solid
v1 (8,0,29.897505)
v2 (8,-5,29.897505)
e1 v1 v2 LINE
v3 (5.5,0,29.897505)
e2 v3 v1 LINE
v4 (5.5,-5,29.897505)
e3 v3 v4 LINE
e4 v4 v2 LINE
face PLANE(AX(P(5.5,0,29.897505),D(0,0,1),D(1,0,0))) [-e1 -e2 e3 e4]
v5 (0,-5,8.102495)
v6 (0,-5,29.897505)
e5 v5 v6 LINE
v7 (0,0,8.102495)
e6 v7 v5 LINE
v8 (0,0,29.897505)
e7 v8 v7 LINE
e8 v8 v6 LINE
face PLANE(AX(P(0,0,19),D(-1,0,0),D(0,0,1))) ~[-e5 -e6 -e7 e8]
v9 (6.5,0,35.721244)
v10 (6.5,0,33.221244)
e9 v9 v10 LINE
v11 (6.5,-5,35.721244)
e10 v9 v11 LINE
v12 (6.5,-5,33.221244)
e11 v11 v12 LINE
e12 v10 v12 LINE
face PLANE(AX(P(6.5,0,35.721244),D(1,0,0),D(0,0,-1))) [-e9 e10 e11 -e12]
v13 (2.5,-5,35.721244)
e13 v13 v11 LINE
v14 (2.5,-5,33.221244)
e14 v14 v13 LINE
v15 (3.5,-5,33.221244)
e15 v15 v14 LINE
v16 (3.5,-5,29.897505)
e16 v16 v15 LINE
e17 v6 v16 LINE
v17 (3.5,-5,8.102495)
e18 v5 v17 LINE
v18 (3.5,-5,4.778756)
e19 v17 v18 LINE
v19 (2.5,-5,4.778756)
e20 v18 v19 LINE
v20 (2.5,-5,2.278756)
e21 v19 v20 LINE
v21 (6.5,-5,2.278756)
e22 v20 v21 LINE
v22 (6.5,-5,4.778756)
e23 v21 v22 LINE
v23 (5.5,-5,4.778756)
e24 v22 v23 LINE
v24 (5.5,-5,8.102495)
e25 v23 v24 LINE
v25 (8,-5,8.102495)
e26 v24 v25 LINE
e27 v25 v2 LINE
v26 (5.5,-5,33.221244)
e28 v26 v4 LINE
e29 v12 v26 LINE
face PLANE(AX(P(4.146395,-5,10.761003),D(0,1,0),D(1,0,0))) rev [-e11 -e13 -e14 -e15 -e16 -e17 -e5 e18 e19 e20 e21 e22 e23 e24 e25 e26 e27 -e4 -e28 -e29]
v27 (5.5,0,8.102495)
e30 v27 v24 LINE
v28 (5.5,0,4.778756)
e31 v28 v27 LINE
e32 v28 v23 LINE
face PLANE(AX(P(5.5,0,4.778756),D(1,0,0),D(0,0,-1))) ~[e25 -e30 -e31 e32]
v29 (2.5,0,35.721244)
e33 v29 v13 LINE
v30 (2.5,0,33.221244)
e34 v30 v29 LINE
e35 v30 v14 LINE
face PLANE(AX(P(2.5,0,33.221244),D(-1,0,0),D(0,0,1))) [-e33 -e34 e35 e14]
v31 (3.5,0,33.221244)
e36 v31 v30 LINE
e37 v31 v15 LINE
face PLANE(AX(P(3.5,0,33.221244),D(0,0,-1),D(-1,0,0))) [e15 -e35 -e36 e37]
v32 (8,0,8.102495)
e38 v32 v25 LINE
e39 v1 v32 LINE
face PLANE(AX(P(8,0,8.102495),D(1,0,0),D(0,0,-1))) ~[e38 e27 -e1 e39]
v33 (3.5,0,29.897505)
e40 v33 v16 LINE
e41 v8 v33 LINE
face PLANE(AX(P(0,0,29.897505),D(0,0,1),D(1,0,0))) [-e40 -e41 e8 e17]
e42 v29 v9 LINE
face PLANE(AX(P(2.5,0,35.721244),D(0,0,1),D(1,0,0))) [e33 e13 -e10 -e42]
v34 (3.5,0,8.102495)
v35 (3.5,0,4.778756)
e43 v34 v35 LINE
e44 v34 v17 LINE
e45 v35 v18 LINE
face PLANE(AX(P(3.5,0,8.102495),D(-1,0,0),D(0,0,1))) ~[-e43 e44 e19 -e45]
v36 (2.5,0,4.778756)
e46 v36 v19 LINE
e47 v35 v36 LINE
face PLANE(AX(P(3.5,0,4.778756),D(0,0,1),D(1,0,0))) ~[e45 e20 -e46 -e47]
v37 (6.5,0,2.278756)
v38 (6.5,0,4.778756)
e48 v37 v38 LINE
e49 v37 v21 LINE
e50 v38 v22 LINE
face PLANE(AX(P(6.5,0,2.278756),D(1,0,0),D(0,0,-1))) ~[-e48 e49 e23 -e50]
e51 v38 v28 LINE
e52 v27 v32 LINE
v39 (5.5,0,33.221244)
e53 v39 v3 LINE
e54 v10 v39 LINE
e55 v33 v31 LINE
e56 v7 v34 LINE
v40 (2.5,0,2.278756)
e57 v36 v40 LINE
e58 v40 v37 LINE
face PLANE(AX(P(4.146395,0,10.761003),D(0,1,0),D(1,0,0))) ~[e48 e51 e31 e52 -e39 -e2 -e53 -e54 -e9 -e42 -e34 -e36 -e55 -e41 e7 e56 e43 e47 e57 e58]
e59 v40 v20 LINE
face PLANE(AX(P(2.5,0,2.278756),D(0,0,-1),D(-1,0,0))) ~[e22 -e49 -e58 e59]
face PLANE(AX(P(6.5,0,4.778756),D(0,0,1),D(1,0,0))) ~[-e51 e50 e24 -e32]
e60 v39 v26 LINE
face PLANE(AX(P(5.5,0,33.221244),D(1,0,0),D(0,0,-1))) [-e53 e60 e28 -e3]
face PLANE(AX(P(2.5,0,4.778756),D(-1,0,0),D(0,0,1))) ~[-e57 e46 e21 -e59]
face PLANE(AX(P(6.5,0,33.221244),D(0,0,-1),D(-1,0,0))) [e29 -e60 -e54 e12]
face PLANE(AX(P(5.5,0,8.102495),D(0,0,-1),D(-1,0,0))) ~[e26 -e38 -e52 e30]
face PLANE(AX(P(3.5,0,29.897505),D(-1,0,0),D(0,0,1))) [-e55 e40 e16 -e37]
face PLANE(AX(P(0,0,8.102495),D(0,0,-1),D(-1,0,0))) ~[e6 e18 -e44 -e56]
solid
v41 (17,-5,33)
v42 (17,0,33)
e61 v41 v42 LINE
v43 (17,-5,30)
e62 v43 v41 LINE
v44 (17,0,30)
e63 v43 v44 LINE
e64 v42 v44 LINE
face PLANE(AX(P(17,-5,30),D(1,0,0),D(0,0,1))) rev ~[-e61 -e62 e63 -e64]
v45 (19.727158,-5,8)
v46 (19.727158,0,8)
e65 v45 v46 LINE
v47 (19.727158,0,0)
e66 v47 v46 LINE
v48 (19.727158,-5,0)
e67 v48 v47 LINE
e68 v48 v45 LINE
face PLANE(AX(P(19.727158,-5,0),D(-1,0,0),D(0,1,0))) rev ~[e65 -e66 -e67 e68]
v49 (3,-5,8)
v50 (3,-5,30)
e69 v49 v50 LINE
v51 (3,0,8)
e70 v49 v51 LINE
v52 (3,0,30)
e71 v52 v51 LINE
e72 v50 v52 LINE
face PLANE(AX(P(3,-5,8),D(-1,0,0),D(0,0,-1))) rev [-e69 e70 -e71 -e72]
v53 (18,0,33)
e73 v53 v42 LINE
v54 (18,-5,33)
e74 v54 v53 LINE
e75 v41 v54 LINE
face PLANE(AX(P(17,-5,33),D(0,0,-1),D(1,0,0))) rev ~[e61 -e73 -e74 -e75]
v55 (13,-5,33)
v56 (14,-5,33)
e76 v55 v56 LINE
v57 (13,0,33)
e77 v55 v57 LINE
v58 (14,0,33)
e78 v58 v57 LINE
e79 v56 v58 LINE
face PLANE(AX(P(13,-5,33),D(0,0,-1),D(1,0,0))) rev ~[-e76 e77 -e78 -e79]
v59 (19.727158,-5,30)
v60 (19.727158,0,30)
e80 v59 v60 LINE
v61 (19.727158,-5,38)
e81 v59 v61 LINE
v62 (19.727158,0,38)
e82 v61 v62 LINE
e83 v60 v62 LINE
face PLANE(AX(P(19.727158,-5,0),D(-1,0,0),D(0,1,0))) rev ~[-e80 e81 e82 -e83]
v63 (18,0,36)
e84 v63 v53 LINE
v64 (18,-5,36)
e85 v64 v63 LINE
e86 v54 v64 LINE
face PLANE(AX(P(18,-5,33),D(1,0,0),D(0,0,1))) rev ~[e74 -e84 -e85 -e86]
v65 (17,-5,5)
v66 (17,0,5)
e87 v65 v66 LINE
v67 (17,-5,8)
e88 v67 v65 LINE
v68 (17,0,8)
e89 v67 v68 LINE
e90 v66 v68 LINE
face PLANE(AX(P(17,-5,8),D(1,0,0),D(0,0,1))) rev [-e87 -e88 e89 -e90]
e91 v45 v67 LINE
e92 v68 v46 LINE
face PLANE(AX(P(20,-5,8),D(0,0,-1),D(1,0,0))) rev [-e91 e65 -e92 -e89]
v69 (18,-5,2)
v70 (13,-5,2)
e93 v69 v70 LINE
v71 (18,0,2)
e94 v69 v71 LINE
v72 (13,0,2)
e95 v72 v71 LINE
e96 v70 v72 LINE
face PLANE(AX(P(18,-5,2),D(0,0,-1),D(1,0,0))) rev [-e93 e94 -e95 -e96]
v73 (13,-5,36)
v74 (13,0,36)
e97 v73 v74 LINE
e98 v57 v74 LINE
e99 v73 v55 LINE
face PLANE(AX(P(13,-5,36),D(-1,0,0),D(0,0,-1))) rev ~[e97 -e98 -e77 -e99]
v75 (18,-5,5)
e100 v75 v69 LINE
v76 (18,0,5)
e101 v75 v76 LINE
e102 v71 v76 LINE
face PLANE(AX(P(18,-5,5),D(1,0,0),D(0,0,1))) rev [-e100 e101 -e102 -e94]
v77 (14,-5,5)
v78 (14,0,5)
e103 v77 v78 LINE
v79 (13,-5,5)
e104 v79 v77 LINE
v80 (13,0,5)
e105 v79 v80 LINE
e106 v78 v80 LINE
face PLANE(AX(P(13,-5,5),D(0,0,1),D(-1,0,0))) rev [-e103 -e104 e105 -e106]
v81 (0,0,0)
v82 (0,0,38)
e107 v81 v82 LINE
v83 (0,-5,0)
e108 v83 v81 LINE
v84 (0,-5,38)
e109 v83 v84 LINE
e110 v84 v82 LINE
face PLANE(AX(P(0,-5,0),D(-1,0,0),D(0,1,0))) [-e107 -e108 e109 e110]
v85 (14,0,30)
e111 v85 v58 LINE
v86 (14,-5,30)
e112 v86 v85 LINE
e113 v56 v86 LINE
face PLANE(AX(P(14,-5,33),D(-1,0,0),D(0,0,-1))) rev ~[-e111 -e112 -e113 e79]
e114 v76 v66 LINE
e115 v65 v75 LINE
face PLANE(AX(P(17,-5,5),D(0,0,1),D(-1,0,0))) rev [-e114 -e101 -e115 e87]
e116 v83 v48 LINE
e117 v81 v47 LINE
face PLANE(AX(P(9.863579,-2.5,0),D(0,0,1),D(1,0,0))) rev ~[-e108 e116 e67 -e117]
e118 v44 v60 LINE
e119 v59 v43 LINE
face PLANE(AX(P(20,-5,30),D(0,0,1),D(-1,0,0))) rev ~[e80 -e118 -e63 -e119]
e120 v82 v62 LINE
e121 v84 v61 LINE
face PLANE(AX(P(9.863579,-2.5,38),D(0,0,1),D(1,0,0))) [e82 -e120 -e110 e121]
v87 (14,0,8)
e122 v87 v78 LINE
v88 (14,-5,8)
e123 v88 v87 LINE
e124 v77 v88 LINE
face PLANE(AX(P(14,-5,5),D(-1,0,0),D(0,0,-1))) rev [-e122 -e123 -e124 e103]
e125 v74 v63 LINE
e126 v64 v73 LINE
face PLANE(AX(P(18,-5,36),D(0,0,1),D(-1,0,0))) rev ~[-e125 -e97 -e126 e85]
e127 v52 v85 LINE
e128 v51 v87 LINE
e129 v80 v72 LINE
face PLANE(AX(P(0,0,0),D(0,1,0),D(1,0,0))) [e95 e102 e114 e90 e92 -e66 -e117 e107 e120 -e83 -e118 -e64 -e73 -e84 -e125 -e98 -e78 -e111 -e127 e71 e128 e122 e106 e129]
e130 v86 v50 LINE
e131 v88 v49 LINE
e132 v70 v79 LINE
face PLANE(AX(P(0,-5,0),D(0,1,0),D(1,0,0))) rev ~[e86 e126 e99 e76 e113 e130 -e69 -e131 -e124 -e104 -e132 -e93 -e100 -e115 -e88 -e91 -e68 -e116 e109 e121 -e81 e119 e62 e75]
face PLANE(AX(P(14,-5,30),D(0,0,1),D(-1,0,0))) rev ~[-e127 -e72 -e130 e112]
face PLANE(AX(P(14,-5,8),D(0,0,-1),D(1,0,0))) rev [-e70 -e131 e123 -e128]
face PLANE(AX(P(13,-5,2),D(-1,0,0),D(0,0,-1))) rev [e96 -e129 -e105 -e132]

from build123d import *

# Parameters (mm, degrees)
SKETCH_W     = 19.727158
SKETCH_H     = 5
PAD_DEPTH    = 38
POCKET_DEPTH = 91.213778
PAD001_DEPTH = 5


with BuildPart() as body:
    # Sketch → Pad (new body)
    with BuildSketch(Plane.XY):
        with Locations((9.863579, -2.5)):
            Rectangle(SKETCH_W, SKETCH_H)
    extrude(amount=PAD_DEPTH)

    # Sketch001 (on DatumPlane) → Pocket (cut, through all)
    with BuildSketch(Plane(origin=(20, -5, 30), x_dir=(0, 0, 1), z_dir=(0, -1, 0))):
        Polygon((0, 17), (-11, 17), (-11, 0), (0, 0), (0, 3), (3, 3), (3, 2), (6, 2), (6, 7), (3, 7), (3, 6), (0, 6), (0, 8), align=None)
    pocket = extrude(amount=-POCKET_DEPTH, mode=Mode.SUBTRACT)

    # Mirrored: Pocket across Sketch001 Axis3
    add(pocket.mirror(Plane(origin=(-21.528492, -5, 19), x_dir=(0, -1, 0), z_dir=(0, 0, 1))), mode=Mode.SUBTRACT)


with BuildPart() as fermeture:
    # Sketch004 → Pad001 (new body)
    with BuildSketch(Plane.XZ):
        Polygon((0, 29.897505), (3.5, 29.897505), (3.5, 33.221244), (2.5, 33.221244), (2.5, 35.721244), (6.5, 35.721244), (6.5, 33.221244), (5.5, 33.221244), (5.5, 29.897505), (8, 29.897505), (8, 19), (0, 19), align=None)
    pad001 = extrude(amount=PAD001_DEPTH)

    # Mirrored001: Pad001 across Sketch004 Axis2
    add(pad001.mirror(Plane(origin=(-14.053349, 0, 19), x_dir=(0, -1, 0), z_dir=(0, 0, 1))))


solid = Compound([body.part, fermeture.part])
